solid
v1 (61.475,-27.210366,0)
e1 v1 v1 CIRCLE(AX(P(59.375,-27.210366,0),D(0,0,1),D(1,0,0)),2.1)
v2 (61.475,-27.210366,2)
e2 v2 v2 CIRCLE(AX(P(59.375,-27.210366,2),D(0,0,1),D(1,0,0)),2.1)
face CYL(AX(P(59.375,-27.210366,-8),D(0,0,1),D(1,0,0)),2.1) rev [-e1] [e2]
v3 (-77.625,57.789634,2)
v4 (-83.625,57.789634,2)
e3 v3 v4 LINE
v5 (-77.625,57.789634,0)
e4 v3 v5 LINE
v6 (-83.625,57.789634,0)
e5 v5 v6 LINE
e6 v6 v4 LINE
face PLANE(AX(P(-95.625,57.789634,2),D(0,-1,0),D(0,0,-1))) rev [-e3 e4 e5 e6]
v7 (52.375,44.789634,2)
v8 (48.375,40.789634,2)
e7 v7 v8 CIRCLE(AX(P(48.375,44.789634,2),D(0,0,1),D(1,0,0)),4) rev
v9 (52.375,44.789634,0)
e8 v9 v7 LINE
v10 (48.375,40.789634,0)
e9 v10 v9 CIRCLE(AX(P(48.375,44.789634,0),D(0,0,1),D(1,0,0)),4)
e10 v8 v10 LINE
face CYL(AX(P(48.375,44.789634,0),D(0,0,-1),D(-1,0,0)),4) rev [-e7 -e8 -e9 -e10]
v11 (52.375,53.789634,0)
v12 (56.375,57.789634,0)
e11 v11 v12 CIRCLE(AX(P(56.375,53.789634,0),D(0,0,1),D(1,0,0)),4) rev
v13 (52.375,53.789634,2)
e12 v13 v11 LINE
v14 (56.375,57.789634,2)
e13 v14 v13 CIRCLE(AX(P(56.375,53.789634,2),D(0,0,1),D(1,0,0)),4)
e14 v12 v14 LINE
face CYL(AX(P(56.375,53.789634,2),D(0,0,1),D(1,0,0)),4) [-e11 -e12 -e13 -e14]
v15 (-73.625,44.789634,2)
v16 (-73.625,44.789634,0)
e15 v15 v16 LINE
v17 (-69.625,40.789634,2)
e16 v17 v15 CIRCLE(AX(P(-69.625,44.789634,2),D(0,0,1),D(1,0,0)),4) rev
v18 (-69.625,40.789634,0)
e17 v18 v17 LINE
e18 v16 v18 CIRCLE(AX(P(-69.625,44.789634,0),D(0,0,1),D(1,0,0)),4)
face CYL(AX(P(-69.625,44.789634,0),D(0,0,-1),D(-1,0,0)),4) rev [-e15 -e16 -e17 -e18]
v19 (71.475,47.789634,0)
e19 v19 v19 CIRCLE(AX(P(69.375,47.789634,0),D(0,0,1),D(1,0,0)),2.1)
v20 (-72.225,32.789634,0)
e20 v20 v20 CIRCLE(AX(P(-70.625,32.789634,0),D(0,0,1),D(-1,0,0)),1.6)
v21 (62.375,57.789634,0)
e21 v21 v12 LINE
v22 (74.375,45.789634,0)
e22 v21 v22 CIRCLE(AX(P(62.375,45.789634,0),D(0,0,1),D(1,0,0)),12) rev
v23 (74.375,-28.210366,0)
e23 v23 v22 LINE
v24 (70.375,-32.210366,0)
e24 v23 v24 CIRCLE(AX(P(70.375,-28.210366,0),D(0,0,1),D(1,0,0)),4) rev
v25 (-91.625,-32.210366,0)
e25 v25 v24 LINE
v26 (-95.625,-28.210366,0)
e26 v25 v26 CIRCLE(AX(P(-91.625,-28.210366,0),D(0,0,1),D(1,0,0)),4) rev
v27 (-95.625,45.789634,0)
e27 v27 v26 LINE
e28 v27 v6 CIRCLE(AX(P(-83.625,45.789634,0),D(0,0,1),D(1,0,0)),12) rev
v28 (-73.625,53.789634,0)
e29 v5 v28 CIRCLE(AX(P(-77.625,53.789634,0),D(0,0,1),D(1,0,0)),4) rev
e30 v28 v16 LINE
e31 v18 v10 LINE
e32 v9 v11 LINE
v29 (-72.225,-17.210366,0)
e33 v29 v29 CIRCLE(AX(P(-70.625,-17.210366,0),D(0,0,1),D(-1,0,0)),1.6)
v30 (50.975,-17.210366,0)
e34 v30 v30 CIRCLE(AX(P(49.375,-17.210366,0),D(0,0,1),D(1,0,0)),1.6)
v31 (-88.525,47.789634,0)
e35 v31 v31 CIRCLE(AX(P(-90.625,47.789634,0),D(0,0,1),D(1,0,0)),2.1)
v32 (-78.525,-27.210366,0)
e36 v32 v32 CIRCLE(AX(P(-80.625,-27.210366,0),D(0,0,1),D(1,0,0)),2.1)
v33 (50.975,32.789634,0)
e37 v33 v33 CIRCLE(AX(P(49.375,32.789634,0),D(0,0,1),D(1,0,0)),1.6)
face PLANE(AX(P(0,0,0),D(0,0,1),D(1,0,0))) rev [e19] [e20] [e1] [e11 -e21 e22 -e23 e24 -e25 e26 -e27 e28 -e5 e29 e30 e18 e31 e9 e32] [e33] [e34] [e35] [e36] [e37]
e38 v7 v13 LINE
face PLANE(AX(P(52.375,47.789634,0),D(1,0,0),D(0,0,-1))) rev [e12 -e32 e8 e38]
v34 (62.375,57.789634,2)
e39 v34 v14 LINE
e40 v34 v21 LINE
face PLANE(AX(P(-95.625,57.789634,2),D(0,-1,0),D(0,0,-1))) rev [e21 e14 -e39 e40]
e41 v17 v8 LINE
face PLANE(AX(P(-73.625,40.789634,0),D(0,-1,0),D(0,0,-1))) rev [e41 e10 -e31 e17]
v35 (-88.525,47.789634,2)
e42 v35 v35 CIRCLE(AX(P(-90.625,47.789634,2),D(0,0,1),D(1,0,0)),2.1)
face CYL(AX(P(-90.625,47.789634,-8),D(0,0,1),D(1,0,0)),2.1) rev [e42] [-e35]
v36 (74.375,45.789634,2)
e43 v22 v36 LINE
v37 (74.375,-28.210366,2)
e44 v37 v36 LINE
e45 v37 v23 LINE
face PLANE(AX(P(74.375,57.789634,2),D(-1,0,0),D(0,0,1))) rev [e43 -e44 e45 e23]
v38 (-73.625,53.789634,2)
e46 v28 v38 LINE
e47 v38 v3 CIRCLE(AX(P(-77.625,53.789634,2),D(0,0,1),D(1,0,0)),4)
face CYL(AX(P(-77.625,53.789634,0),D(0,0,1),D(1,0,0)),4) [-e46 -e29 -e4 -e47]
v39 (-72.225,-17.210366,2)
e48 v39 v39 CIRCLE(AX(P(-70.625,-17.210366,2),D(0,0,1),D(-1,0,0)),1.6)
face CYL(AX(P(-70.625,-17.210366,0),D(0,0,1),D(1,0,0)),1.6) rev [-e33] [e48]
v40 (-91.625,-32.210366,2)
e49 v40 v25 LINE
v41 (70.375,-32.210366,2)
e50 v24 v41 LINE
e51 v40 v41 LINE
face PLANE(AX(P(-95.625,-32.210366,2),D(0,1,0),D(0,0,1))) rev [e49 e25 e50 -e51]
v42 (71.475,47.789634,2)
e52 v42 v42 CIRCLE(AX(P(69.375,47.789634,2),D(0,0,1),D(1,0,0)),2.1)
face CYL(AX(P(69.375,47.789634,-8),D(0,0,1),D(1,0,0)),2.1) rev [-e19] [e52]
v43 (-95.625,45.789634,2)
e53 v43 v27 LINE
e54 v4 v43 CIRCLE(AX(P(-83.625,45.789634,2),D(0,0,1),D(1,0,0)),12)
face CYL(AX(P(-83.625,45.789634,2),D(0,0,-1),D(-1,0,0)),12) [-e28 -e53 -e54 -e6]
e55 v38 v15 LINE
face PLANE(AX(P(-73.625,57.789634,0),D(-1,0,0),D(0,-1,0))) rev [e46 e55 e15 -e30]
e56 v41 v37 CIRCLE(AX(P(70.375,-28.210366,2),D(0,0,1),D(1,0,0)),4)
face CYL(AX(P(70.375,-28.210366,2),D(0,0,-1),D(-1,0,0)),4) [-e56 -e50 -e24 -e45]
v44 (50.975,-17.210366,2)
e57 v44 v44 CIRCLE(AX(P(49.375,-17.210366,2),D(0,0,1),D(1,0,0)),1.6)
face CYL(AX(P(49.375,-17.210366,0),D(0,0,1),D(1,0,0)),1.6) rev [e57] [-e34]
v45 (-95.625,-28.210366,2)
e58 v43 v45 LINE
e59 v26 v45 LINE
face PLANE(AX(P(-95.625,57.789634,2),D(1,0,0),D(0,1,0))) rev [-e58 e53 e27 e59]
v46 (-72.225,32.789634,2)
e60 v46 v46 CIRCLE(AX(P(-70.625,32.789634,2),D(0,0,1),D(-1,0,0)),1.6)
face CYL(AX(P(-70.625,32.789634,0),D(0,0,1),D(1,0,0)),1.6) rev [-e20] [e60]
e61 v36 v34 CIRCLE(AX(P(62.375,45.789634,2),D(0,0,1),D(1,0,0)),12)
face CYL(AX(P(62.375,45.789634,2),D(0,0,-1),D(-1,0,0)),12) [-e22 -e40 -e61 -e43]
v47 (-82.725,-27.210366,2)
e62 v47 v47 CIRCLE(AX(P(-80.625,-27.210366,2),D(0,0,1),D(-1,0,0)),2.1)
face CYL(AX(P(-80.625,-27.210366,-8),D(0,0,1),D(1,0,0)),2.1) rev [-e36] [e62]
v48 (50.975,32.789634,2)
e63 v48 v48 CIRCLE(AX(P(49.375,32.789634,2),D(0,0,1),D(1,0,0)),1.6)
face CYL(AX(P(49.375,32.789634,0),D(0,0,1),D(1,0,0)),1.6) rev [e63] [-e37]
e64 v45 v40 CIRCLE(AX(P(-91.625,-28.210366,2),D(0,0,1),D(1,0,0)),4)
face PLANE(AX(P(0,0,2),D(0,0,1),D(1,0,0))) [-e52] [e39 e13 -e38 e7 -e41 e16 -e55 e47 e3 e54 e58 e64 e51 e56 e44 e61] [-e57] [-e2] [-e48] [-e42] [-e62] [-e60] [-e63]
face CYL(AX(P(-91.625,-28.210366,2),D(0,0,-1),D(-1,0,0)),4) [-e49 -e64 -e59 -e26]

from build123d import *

# Parameters (mm, degrees)
SKETCH_1_W          = 170
SKETCH_1_H          = 90
EXTRUDE_1_DEPTH     = 2
SKETCH_4_R          = 2.1
CUT_EXTRUDE_5_DEPTH = 10
FILLET_1_R          = 4
CUT_EXTRUDE_6_DEPTH = 112.748746927
SKETCH_7_R          = 1.6
CUT_EXTRUDE_7_DEPTH = 112.748746927
FILLET_2_R          = 4
FILLET_3_R          = 12


with BuildPart() as part:
    # 草图1 → 凸台-拉伸1 (new body)
    with BuildSketch(Plane.XY):
        with Locations((-10.625, 12.789634146)):
            Rectangle(SKETCH_1_W, SKETCH_1_H)
    extrude(amount=EXTRUDE_1_DEPTH)

    # 草图4 → 切除-拉伸5 (cut)
    with BuildSketch(Plane.XY.offset(2)):
        with Locations((59.375, -27.210365854)):
            Circle(SKETCH_4_R)
        with Locations((-80.625, -27.210365854)):
            Circle(SKETCH_4_R)
        with Locations((69.375, 47.789634146)):
            Circle(SKETCH_4_R)
        with Locations((-90.625, 47.789634146)):
            Circle(SKETCH_4_R)
    extrude(amount=-CUT_EXTRUDE_5_DEPTH, mode=Mode.SUBTRACT)

    # 圆角1
    fillet_1_edges = [part.edges().sort_by_distance(p)[0] for p in [
        (74.375, -32.210365854, 1),
        (-95.625, -32.210365854, 1),
    ]]
    fillet(fillet_1_edges, radius=FILLET_1_R)

    # 草图5 → 切除-拉伸6 (cut, through all)
    with BuildSketch(Plane.XY.offset(2)):
        Polygon((-73.625, 40.789634146), (52.375, 40.789634146), (52.375, 47.789634146), (52.375, 57.789634146), (2.375, 57.789634146), (-4.625, 57.789634146), (-73.625, 57.789634146), align=None)
    extrude(amount=-CUT_EXTRUDE_6_DEPTH, mode=Mode.SUBTRACT)

    # 草图7 → 切除-拉伸7 (cut, through all)
    with BuildSketch(Plane.XY.offset(2)):
        with Locations((49.375, 32.789634146)):
            Circle(SKETCH_7_R)
        with Locations((49.375, -17.210365854)):
            Circle(SKETCH_7_R)
        with Locations(Location((-70.625, -17.210365854, 0), (0, 0, 180))):
            Circle(SKETCH_7_R)
        with Locations(Location((-70.625, 32.789634146, 0), (0, 0, 180))):
            Circle(SKETCH_7_R)
    extrude(amount=-CUT_EXTRUDE_7_DEPTH, mode=Mode.SUBTRACT)

    # 圆角2
    fillet_2_edges = [part.edges().sort_by_distance(p)[0] for p in [
        (52.375, 40.789634146, 1),
        (-73.625, 40.789634146, 1),
        (-73.625, 57.789634146, 1),
        (52.375, 57.789634146, 1),
    ]]
    fillet(fillet_2_edges, radius=FILLET_2_R)

    # 圆角3
    fillet_3_edges = [part.edges().sort_by_distance(p)[0] for p in [
        (-95.625, 57.789634146, 1),
        (74.375, 57.789634146, 1),
    ]]
    fillet(fillet_3_edges, radius=FILLET_3_R)


solid = part.part
